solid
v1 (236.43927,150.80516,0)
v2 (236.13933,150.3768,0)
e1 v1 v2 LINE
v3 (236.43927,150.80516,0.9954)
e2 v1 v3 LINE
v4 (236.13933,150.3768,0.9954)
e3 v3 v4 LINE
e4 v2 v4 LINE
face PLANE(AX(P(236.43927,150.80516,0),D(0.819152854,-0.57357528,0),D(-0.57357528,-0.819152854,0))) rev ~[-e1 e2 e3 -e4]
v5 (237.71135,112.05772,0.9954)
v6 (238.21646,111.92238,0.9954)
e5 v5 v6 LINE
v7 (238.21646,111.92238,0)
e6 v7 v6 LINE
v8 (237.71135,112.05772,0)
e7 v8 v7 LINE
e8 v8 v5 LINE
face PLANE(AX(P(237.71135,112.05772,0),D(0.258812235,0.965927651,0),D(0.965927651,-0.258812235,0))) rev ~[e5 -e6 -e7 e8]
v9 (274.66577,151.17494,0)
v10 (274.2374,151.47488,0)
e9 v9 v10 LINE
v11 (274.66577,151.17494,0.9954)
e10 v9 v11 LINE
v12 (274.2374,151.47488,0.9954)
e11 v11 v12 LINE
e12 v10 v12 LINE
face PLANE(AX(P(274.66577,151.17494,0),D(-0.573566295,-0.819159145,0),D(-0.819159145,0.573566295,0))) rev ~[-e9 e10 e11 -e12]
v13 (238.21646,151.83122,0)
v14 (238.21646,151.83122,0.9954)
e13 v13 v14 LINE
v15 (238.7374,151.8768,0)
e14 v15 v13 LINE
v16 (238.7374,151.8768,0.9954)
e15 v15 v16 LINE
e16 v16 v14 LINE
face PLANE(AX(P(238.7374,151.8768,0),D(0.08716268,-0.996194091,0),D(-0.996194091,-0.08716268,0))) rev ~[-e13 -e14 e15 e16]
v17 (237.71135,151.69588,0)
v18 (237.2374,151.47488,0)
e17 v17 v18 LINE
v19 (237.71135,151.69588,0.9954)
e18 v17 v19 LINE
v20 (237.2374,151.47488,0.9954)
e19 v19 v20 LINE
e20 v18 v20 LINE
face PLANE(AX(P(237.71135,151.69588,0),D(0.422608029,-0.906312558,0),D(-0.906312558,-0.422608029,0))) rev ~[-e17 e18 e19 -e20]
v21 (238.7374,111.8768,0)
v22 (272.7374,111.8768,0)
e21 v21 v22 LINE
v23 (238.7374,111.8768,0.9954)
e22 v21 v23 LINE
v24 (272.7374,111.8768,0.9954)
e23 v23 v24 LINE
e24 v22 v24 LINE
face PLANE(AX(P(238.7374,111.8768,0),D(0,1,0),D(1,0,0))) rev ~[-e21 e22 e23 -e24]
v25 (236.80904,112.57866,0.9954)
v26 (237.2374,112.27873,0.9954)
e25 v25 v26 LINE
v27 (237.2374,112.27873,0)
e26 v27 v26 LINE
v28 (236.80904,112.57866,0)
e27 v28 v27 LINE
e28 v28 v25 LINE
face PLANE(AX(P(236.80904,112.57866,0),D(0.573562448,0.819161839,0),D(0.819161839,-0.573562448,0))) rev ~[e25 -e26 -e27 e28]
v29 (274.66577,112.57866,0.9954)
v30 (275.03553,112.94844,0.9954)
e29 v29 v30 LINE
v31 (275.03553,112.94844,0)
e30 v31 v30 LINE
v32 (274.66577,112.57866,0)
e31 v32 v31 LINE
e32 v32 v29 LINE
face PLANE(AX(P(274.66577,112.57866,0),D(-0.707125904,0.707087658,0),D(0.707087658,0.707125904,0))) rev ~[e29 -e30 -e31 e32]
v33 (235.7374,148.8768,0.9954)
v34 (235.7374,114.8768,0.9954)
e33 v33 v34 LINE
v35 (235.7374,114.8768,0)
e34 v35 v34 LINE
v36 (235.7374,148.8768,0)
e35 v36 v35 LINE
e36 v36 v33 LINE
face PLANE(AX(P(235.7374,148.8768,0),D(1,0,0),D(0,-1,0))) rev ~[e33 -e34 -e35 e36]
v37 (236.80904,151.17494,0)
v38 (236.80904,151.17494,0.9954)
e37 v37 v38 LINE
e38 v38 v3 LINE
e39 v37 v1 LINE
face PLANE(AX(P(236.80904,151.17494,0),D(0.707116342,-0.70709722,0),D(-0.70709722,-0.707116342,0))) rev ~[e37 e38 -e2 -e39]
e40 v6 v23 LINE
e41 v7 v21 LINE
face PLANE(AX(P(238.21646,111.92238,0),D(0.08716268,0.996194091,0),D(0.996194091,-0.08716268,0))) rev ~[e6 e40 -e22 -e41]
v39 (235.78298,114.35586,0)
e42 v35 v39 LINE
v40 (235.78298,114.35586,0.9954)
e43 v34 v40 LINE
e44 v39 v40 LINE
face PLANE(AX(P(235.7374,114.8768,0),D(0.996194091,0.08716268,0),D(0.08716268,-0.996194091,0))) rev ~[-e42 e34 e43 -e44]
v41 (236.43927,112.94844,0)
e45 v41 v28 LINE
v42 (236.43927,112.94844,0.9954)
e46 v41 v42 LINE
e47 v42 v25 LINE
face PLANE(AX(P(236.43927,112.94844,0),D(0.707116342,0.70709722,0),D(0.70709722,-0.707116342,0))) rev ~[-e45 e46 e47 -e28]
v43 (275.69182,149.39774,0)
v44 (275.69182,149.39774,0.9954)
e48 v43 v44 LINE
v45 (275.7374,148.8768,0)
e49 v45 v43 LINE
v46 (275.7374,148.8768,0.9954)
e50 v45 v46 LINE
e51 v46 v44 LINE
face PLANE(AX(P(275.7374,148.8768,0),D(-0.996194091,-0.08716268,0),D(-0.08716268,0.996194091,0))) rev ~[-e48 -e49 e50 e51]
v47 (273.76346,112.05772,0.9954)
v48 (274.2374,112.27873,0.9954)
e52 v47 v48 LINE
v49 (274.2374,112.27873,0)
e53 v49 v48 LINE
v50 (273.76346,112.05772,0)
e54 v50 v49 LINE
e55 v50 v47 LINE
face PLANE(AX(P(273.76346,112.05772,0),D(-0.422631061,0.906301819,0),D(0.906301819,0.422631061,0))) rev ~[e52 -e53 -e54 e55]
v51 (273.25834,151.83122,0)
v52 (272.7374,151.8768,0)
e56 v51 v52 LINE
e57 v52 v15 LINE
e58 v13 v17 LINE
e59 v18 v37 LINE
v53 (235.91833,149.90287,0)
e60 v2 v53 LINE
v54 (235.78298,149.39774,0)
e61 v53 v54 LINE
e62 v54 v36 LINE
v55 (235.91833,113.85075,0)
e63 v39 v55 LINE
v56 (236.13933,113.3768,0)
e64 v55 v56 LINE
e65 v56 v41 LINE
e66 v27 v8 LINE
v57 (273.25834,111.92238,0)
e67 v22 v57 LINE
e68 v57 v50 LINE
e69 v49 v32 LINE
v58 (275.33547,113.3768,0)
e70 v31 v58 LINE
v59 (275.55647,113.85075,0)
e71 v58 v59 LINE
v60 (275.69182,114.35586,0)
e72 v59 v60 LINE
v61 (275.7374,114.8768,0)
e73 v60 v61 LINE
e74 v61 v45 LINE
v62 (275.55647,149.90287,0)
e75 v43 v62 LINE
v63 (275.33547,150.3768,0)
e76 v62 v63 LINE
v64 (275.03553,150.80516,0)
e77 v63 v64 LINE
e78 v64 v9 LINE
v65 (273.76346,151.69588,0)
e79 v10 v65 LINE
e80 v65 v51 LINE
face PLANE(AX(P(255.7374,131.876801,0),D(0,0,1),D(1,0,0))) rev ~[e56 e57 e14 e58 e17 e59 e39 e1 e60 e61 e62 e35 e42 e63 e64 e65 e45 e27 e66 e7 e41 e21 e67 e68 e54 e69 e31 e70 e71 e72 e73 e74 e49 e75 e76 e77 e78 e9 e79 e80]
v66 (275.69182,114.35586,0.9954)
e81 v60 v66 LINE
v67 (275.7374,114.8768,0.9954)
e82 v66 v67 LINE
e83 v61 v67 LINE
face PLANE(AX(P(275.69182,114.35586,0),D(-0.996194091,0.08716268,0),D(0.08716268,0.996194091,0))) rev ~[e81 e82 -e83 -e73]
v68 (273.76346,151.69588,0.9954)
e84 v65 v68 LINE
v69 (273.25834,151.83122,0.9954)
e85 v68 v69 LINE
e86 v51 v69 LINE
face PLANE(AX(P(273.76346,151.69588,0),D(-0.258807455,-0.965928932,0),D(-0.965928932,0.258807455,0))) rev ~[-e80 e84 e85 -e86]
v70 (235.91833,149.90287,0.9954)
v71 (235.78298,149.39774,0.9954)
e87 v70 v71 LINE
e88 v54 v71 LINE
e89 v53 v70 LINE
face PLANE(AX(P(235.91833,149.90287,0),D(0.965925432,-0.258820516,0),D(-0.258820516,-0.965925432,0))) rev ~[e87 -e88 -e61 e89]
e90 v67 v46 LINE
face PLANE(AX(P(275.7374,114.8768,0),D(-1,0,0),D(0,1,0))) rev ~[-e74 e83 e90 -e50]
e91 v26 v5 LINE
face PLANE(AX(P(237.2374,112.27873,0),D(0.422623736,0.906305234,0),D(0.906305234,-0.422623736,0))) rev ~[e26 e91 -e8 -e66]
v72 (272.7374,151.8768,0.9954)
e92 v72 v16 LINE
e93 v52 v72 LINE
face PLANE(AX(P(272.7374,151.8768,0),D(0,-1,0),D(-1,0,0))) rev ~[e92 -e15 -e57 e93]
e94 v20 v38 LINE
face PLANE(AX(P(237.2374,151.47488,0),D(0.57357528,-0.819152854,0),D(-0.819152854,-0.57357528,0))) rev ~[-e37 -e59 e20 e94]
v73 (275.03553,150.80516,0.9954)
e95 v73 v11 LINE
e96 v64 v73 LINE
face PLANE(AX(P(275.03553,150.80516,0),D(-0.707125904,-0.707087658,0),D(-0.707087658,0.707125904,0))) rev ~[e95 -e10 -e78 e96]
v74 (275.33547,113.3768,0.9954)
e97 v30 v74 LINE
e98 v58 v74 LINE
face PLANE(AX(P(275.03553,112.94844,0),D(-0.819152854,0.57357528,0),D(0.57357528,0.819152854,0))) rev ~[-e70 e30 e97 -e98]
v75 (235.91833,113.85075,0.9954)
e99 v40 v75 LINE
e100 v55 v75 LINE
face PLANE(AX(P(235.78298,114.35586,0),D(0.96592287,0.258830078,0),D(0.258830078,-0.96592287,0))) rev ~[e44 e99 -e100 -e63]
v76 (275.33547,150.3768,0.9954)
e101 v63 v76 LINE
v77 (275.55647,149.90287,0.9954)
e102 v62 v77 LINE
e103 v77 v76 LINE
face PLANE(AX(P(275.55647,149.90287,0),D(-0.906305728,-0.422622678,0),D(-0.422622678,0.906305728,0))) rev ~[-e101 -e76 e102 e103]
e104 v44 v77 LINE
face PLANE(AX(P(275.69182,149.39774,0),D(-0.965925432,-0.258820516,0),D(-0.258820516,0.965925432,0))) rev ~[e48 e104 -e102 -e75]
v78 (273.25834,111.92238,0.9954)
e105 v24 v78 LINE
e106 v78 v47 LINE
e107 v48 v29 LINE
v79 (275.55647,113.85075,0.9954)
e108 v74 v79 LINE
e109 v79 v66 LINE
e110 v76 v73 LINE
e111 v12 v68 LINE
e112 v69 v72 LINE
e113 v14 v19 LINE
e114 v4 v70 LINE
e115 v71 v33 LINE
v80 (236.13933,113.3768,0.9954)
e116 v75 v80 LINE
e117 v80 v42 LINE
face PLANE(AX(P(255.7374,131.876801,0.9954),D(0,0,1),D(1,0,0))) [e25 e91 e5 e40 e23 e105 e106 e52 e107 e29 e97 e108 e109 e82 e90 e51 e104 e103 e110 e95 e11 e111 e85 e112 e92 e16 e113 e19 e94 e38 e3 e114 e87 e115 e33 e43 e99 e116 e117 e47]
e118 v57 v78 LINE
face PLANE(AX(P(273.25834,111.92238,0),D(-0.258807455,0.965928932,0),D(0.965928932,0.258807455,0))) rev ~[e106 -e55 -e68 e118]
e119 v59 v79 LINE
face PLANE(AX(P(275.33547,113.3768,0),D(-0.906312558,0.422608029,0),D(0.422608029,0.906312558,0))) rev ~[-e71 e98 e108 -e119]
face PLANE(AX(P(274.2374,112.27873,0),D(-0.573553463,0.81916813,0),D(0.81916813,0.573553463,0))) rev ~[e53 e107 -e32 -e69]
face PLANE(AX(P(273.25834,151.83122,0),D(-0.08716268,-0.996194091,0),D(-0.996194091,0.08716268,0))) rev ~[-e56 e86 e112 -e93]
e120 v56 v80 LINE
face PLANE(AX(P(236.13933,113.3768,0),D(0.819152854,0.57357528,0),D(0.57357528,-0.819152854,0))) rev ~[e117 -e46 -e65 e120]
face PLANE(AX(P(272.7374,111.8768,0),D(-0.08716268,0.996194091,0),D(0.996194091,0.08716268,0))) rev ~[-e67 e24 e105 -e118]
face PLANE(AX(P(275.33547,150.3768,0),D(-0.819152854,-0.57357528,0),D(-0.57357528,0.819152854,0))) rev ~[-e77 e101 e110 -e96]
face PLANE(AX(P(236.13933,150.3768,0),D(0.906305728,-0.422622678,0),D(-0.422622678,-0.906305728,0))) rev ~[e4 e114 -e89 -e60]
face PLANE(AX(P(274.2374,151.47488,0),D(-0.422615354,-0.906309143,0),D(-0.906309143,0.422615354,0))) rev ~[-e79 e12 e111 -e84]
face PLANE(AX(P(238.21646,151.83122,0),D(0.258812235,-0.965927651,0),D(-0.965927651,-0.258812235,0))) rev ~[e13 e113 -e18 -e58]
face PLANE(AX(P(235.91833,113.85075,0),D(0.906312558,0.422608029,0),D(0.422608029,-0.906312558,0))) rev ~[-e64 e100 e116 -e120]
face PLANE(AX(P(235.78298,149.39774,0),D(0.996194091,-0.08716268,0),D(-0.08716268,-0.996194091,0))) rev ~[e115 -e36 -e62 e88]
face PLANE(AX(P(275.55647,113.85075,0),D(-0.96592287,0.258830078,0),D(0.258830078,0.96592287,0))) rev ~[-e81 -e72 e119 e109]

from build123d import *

# Parameters (mm, degrees)
BOARD_DEPTH = 0.9954


with BuildPart() as part:
    # Sketch1 → Board (new body)
    with BuildSketch(Plane.XY):
        Polygon((238.7374, 111.8768), (272.7374, 111.8768), (273.25834, 111.92238), (273.76346, 112.05772), (274.2374, 112.27873), (274.66577, 112.57866), (275.03553, 112.94844), (275.33547, 113.3768), (275.55647, 113.85075), (275.69182, 114.35586), (275.7374, 114.8768), (275.7374, 148.8768), (275.69182, 149.39774), (275.55647, 149.90287), (275.33547, 150.3768), (275.03553, 150.80516), (274.66577, 151.17494), (274.2374, 151.47488), (273.76346, 151.69588), (273.25834, 151.83122), (272.7374, 151.8768), (238.7374, 151.8768), (238.21646, 151.83122), (237.71135, 151.69588), (237.2374, 151.47488), (236.80904, 151.17494), (236.43927, 150.80516), (236.13933, 150.3768), (235.91833, 149.90287), (235.78298, 149.39774), (235.7374, 148.8768), (235.7374, 114.8768), (235.78298, 114.35586), (235.91833, 113.85075), (236.13933, 113.3768), (236.43927, 112.94844), (236.80904, 112.57866), (237.2374, 112.27873), (237.71135, 112.05772), (238.21646, 111.92238), align=None)
    extrude(amount=BOARD_DEPTH)


solid = part.part
